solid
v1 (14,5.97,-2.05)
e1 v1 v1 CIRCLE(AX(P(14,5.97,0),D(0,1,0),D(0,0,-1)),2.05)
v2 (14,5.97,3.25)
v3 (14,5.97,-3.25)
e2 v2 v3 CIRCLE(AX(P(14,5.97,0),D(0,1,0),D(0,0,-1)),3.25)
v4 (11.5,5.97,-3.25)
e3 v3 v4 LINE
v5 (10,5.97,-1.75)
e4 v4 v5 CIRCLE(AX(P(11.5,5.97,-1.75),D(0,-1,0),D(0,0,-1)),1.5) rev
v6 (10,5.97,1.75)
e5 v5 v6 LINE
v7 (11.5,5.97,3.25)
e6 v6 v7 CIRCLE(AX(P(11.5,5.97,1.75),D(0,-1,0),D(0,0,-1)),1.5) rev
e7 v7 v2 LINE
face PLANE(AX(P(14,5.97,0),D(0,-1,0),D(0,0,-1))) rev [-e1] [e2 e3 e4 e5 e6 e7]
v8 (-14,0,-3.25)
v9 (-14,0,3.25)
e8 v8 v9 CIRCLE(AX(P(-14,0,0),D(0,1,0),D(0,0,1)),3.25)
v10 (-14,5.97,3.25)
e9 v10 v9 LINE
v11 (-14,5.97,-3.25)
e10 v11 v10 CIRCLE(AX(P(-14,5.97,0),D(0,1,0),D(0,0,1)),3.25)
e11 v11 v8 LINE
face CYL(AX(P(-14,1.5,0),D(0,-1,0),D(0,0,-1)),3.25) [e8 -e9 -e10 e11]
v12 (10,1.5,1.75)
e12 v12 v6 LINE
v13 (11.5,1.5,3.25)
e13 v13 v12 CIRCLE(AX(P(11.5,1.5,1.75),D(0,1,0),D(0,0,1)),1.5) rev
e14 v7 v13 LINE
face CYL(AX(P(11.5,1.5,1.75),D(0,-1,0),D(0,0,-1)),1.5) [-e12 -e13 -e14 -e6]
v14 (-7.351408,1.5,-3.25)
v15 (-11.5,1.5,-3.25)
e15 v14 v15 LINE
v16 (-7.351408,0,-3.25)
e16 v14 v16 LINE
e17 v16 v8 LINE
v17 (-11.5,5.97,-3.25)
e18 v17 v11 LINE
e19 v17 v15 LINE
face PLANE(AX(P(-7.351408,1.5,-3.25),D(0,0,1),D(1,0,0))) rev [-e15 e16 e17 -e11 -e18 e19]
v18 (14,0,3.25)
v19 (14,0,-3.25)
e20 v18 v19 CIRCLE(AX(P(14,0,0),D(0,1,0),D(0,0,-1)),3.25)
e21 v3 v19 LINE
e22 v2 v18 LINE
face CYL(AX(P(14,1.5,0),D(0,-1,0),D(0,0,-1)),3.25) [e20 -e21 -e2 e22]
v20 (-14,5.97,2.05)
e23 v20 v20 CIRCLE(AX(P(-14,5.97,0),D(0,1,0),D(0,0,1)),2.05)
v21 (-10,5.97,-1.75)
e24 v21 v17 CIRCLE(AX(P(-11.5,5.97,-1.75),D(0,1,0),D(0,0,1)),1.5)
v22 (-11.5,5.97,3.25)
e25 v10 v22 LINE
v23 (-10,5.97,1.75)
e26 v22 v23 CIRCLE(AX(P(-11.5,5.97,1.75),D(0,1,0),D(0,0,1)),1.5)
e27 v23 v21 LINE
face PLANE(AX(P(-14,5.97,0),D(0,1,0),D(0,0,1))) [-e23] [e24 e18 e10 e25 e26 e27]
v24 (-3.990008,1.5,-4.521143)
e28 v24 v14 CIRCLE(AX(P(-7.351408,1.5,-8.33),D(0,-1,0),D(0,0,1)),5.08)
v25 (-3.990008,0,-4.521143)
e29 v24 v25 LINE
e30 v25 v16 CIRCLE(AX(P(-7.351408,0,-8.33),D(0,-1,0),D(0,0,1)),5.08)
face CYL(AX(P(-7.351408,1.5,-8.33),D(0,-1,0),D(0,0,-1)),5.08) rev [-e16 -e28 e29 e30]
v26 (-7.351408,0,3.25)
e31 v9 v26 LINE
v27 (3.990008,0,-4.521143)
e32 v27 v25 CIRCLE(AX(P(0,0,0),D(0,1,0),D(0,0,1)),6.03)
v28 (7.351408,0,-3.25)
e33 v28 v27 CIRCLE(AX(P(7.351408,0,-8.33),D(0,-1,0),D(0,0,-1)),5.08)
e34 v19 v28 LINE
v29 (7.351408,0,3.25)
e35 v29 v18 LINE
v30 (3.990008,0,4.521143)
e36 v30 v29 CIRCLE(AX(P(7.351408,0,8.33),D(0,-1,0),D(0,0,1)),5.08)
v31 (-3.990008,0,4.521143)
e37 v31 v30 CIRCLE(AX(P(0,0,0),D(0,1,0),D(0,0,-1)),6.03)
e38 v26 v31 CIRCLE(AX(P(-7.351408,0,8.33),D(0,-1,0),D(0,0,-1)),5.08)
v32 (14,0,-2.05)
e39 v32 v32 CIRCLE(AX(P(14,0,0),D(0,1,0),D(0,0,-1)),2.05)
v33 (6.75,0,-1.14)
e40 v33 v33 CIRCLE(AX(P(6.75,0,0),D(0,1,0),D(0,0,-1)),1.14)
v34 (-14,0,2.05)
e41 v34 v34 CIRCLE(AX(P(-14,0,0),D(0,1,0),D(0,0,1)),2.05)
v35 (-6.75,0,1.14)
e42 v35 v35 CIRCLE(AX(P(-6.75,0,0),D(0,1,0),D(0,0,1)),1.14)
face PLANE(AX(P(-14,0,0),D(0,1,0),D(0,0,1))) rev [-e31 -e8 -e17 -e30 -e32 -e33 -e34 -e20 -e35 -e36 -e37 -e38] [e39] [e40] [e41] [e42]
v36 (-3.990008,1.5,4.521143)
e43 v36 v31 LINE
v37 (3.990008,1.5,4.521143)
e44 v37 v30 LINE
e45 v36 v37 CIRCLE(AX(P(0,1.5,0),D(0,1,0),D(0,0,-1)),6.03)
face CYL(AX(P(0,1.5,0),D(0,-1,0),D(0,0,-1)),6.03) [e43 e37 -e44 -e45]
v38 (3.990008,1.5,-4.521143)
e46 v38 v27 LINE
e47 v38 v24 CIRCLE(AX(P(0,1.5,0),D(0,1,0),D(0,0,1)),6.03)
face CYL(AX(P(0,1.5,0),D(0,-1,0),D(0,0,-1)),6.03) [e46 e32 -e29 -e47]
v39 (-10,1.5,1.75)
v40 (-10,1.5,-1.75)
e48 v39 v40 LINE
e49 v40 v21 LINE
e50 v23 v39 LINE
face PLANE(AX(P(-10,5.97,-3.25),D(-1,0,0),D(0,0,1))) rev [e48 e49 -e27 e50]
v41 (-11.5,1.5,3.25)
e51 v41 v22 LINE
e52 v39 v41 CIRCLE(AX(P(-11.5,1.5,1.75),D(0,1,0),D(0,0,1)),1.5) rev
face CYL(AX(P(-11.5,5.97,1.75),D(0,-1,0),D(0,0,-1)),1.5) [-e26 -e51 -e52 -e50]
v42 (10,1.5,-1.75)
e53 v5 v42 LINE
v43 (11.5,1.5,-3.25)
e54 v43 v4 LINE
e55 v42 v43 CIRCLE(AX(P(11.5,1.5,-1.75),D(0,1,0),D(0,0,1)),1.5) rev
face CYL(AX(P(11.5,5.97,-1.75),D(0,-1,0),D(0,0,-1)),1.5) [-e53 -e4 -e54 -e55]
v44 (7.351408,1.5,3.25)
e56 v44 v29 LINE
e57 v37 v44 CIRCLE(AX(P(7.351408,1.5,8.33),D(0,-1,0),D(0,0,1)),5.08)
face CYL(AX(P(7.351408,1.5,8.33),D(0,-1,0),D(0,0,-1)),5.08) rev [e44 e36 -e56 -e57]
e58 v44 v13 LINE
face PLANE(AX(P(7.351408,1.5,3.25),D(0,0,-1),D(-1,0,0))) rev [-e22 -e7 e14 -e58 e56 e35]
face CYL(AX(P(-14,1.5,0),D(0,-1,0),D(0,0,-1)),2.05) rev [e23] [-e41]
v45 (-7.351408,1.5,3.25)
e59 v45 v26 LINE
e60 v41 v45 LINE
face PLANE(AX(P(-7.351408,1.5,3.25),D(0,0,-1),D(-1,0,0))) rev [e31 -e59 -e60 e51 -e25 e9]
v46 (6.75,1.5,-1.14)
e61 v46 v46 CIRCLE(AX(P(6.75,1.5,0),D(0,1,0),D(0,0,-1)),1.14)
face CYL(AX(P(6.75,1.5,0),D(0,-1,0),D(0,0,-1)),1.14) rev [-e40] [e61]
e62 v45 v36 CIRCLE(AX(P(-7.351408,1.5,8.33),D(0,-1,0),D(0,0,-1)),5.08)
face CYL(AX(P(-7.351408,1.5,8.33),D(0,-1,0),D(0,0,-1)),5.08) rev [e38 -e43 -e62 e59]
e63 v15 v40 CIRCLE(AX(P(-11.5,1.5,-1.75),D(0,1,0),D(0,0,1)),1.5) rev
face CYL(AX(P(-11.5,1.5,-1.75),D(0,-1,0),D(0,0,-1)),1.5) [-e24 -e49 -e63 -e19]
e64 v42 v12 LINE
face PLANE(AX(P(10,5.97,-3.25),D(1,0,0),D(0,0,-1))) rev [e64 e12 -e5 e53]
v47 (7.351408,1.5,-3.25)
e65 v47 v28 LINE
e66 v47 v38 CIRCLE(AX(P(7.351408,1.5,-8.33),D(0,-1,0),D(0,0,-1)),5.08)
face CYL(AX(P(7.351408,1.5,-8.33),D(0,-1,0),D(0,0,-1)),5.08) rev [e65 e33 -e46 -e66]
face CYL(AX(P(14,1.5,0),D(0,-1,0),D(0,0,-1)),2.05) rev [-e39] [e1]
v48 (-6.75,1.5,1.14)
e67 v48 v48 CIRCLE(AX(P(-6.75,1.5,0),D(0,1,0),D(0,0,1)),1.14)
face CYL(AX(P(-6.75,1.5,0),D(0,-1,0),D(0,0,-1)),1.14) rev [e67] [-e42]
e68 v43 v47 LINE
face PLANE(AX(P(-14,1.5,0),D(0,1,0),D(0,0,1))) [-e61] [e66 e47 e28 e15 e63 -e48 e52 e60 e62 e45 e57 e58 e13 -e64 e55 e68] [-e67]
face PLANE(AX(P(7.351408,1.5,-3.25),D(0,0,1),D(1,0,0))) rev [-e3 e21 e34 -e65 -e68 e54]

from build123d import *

# Parameters (mm, degrees)
SKETCH1_R           = 1.14
SKETCH1_R_2         = 2.05
BOSS_EXTRUDE2_DEPTH = 1.5
SKETCH2_R           = 2.05
BOSS_EXTRUDE3_DEPTH = 4.47
FILLET1_R           = 1.5


with BuildPart() as part:
    # Sketch1 → Boss-Extrude2 (new body)
    with BuildSketch(Plane(origin=(0, 0, 0), x_dir=(1, 0, 0), z_dir=(0, 1, 0))):
        with BuildLine():
            Line((-7.351408028, 3.25), (-14, 3.25))
            ThreePointArc((-14, 3.25), (-17.25, 0), (-14, -3.25))
            Line((-14, -3.25), (-7.351408028, -3.25))
            ThreePointArc((-7.351408028, -3.25), (-5.554548682, -3.578400639), (-3.990008138, -4.521143114))
            ThreePointArc((-3.990008138, -4.521143114), (0, -6.03), (3.990008138, -4.521143114))
            ThreePointArc((3.990008138, -4.521143114), (5.554548682, -3.578400639), (7.351408028, -3.25))
            Line((7.351408028, -3.25), (14, -3.25))
            ThreePointArc((14, -3.25), (17.25, 0), (14, 3.25))
            Line((14, 3.25), (7.351408028, 3.25))
            ThreePointArc((7.351408028, 3.25), (5.554548682, 3.578400639), (3.990008138, 4.521143114))
            ThreePointArc((3.990008138, 4.521143114), (0, 6.03), (-3.990008138, 4.521143114))
            ThreePointArc((-3.990008138, 4.521143114), (-5.554548682, 3.578400639), (-7.351408028, 3.25))
        make_face()
        with Locations(Location((-6.75, 0, 0), (0, 0, 270))):
            Circle(SKETCH1_R, mode=Mode.SUBTRACT)
        with Locations(Location((-14, 0, 0), (0, 0, 270))):
            Circle(SKETCH1_R_2, mode=Mode.SUBTRACT)
        with Locations(Location((6.75, 0, 0), (0, 0, 90))):
            Circle(SKETCH1_R, mode=Mode.SUBTRACT)
        with Locations(Location((14, 0, 0), (0, 0, 90))):
            Circle(SKETCH1_R_2, mode=Mode.SUBTRACT)
    extrude(amount=BOSS_EXTRUDE2_DEPTH)

    # Sketch2 → Boss-Extrude3 (add)
    # profile 1 of 2: a face of its own
    with BuildSketch(Plane(origin=(0, 1.5, 0), x_dir=(1, 0, 0), z_dir=(0, 1, 0))):
        with BuildLine():
            Line((-14, 3.25), (-10, 3.25))
            Line((-10, 3.25), (-10, -3.25))
            Line((-10, -3.25), (-14, -3.25))
            ThreePointArc((-14, -3.25), (-17.25, 0), (-14, 3.25))
        make_face()
        with Locations(Location((-14, 0, 0), (0, 0, 270))):
            Circle(SKETCH2_R, mode=Mode.SUBTRACT)
    # profile 2 of 2: a face of its own
    with BuildSketch(Plane(origin=(0, 1.5, 0), x_dir=(1, 0, 0), z_dir=(0, 1, 0))):
        with BuildLine():
            Line((10, -3.25), (14, -3.25))
            ThreePointArc((14, -3.25), (17.25, 0), (14, 3.25))
            Line((14, 3.25), (10, 3.25))
            Line((10, 3.25), (10, -3.25))
        make_face()
        with Locations(Location((14, 0, 0), (0, 0, 90))):
            Circle(SKETCH2_R, mode=Mode.SUBTRACT)
    extrude(amount=BOSS_EXTRUDE3_DEPTH)

    # Fillet1
    fillet1_edges = [part.edges().sort_by_distance(p)[0] for p in [
        (-10, 3.735, 3.25),
        (-10, 3.735, -3.25),
        (10, 3.735, -3.25),
        (10, 3.735, 3.25),
    ]]
    fillet(fillet1_edges, radius=FILLET1_R)


solid = part.part
